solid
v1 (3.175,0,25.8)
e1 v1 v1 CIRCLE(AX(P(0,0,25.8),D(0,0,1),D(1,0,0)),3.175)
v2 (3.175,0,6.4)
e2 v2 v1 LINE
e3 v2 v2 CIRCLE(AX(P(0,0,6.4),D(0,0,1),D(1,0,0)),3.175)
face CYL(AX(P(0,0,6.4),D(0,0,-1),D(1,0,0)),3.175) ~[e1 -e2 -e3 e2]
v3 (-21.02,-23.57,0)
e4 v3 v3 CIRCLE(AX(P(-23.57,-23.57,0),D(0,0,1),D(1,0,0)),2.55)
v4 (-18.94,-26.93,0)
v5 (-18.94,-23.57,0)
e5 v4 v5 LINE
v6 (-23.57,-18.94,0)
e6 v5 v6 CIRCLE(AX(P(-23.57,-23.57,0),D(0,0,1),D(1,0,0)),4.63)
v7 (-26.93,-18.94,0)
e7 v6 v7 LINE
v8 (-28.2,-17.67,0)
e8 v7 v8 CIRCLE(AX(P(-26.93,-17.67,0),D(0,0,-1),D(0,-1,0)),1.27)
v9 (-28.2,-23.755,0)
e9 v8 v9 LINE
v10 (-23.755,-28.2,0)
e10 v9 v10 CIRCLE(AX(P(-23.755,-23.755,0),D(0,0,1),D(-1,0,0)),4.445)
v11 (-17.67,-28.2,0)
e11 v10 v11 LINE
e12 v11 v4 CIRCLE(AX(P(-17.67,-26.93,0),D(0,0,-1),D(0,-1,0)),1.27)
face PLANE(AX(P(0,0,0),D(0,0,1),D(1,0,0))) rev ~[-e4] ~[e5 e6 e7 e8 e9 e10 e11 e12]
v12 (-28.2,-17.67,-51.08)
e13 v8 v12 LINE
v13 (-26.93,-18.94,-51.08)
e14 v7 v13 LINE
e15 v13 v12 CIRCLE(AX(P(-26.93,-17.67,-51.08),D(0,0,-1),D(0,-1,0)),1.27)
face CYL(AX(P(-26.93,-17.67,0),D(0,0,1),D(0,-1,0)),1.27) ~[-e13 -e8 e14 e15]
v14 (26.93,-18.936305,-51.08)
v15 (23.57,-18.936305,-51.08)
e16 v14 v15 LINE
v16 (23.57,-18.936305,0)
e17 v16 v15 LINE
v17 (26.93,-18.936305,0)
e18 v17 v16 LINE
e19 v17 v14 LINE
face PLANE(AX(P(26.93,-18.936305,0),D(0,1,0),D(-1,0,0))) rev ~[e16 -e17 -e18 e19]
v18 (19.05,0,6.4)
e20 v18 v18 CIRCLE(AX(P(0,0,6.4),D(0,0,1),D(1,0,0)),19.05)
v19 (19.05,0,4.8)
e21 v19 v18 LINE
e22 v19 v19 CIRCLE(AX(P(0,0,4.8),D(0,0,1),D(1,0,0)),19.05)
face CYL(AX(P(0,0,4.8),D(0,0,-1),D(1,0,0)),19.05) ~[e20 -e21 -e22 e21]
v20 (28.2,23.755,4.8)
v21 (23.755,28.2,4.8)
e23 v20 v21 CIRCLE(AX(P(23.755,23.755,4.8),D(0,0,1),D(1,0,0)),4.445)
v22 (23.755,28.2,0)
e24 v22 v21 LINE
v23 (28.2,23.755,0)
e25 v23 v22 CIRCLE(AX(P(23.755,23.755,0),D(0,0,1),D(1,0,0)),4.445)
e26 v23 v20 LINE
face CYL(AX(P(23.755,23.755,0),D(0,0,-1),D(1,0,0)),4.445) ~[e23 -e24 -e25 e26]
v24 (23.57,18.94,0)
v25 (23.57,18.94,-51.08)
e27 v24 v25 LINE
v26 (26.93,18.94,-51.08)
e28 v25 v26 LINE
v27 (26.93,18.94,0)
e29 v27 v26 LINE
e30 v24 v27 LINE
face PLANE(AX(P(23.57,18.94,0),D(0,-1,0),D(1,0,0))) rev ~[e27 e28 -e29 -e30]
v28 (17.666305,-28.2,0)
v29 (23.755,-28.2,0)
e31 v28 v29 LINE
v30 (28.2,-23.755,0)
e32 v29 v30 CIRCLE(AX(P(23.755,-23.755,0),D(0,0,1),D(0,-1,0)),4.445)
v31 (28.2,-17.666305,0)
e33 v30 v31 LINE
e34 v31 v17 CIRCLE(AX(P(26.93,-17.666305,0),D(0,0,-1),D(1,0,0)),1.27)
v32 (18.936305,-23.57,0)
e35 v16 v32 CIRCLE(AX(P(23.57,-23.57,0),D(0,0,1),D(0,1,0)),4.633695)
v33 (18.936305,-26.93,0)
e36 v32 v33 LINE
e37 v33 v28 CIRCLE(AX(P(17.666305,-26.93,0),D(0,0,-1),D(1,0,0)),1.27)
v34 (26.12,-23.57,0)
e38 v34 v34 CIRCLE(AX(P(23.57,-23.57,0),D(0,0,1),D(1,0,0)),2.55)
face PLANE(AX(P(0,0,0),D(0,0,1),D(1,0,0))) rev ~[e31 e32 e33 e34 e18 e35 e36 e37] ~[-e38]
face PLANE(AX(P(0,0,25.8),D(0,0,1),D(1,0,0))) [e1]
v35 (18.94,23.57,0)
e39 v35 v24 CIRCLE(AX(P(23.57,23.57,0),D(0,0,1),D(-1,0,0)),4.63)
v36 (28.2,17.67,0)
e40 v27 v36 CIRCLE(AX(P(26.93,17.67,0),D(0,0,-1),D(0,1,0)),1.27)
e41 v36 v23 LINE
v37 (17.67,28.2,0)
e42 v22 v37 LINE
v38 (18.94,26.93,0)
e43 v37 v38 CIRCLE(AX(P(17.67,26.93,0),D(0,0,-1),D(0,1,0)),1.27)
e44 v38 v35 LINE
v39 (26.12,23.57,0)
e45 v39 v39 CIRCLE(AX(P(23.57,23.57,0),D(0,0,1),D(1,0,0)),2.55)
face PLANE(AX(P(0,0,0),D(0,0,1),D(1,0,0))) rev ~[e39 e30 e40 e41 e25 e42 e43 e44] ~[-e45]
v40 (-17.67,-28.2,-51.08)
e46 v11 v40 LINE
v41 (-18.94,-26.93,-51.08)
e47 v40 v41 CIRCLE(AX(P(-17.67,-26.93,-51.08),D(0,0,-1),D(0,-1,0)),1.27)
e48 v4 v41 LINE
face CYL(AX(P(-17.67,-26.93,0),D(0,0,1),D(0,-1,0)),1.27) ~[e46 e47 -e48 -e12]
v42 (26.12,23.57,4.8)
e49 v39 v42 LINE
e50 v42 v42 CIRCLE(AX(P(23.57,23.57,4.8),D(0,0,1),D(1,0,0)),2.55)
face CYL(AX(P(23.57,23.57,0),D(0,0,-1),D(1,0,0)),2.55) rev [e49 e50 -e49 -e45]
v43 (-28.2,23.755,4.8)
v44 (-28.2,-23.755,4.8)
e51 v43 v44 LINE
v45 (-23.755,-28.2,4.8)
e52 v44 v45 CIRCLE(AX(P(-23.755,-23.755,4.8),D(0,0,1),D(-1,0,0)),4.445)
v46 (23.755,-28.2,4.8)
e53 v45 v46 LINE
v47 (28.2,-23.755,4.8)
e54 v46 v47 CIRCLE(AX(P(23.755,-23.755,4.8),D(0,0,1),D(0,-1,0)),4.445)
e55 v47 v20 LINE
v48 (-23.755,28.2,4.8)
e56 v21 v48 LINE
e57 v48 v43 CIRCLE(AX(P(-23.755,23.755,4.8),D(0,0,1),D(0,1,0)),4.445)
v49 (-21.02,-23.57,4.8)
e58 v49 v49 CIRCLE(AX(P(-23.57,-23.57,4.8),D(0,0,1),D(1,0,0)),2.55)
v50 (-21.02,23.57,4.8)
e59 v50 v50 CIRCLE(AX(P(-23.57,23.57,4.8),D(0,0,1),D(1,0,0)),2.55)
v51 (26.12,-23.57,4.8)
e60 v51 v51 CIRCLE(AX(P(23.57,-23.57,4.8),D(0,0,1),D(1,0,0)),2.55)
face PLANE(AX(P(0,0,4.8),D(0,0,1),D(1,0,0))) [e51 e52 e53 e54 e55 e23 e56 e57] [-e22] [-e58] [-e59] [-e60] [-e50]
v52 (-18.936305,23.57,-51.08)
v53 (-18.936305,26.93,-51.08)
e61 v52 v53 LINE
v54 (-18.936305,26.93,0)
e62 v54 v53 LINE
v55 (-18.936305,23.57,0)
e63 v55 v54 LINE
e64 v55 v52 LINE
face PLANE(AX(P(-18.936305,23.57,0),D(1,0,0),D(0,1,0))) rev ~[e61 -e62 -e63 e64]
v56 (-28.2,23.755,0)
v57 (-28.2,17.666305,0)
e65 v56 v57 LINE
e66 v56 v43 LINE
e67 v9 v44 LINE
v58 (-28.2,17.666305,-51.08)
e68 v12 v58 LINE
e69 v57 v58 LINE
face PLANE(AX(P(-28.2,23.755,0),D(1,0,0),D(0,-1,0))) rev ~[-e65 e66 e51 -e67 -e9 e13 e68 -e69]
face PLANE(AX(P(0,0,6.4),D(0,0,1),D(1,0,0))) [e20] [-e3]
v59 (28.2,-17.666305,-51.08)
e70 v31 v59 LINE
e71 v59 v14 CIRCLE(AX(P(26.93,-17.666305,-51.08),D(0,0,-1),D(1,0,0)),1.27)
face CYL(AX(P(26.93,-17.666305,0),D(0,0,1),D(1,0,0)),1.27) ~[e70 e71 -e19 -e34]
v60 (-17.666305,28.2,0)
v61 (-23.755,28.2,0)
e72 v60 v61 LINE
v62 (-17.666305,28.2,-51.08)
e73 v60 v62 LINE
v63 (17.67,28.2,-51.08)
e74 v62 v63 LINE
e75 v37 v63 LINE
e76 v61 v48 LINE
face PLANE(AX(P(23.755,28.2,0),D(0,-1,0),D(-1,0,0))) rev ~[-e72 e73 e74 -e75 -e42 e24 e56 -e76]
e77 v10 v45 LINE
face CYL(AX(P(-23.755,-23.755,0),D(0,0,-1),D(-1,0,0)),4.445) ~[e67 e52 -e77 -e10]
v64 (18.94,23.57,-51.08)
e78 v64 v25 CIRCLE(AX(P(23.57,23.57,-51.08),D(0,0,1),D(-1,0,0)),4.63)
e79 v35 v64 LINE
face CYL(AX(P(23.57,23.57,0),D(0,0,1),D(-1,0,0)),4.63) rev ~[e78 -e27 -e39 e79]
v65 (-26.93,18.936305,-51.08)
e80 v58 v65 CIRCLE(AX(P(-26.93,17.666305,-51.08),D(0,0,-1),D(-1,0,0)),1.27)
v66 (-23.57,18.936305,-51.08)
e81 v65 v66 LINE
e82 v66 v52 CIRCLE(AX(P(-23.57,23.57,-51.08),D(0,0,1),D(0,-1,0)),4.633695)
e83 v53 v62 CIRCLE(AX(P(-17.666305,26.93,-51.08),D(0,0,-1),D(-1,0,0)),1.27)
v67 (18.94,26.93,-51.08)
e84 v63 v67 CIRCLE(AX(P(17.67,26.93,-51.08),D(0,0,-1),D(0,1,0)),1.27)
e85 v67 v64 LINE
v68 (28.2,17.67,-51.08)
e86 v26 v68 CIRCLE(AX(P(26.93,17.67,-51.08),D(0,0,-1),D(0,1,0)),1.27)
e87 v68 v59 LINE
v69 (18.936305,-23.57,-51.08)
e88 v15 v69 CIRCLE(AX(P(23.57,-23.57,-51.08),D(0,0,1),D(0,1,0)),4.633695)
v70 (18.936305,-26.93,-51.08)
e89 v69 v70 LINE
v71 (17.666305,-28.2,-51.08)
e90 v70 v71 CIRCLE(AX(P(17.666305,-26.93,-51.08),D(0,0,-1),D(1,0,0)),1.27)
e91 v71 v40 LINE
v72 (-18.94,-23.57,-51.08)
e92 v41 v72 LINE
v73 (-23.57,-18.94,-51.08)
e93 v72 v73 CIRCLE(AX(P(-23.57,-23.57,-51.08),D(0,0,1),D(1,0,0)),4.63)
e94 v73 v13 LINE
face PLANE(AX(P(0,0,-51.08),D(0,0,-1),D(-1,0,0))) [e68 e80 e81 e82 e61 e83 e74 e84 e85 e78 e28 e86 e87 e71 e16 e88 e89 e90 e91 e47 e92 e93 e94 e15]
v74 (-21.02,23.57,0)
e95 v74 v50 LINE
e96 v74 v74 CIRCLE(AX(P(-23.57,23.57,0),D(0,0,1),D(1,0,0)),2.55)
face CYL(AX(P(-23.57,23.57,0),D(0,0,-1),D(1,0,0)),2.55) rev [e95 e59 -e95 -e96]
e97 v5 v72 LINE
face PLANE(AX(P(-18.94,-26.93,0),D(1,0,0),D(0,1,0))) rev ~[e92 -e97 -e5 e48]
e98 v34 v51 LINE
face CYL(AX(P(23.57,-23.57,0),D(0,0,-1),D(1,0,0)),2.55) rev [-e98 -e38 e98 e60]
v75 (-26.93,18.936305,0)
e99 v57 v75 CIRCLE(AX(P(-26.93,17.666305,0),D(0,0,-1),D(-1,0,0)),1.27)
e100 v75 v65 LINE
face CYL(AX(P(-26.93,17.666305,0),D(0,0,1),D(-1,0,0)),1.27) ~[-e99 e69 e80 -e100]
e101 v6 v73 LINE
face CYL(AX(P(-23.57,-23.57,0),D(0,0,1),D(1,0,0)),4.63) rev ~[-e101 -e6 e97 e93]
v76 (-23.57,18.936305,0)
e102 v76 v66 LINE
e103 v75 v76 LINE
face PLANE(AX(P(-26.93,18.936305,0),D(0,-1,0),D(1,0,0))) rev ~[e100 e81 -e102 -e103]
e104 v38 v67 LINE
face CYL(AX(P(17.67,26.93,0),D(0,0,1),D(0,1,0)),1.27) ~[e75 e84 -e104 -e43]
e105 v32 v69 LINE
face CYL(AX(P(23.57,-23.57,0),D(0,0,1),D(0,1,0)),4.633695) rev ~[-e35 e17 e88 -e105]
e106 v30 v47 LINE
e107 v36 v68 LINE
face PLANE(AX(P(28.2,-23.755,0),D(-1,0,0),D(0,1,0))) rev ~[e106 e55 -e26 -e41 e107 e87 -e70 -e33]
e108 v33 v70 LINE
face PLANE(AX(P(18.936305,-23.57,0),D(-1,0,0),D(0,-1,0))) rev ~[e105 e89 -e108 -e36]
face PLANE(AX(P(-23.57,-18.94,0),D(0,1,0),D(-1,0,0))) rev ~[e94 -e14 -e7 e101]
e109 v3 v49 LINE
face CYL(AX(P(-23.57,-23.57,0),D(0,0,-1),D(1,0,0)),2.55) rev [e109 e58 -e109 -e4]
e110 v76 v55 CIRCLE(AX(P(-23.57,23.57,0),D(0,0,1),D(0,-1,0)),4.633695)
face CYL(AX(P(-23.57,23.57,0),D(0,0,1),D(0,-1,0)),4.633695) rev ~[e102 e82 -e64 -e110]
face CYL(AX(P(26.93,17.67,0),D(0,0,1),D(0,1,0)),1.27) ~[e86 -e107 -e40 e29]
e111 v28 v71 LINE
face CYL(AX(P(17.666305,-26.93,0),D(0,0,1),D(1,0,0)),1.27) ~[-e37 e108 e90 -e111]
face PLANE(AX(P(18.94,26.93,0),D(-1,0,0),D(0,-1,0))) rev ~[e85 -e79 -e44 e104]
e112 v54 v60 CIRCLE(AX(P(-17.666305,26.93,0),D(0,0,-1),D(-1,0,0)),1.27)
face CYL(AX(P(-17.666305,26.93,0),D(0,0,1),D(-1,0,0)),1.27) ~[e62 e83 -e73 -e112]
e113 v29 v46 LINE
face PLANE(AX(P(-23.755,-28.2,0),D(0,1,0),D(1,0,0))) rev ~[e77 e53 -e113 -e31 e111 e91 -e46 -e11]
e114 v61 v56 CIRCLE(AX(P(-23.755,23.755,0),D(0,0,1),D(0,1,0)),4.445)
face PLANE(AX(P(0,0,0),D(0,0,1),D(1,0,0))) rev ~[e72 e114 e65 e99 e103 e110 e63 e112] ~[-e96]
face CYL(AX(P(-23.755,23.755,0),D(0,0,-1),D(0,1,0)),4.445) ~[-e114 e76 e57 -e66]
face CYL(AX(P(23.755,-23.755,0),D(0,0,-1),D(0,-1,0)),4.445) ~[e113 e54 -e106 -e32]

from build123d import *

# Parameters (mm, degrees)
SKETCH1_R           = 2.55
BOSS_EXTRUDE1_DEPTH = 4.8
BOSS_EXTRUDE2_DEPTH = 51.08
SKETCH3_R           = 19.05
BOSS_EXTRUDE3_DEPTH = 1.6
SKETCH4_R           = 3.175
BOSS_EXTRUDE8_DEPTH = 19.4


with BuildPart() as part:
    # Sketch1 → Boss-Extrude1 (new body)
    with BuildSketch(Plane.XY):
        with BuildLine():
            Line((-23.755, -28.2), (23.755, -28.2))
            ThreePointArc((23.755, -28.2), (26.898089642, -26.898089642), (28.2, -23.755))
            Line((28.2, -23.755), (28.2, 23.755))
            ThreePointArc((28.2, 23.755), (26.898089642, 26.898089642), (23.755, 28.2))
            Line((23.755, 28.2), (-23.755, 28.2))
            ThreePointArc((-23.755, 28.2), (-26.898089642, 26.898089642), (-28.2, 23.755))
            Line((-28.2, 23.755), (-28.2, -23.755))
            ThreePointArc((-28.2, -23.755), (-26.898089642, -26.898089642), (-23.755, -28.2))
        make_face()
        with Locations((-23.57, 23.57)):
            Circle(SKETCH1_R, mode=Mode.SUBTRACT)
        with Locations((23.57, 23.57)):
            Circle(SKETCH1_R, mode=Mode.SUBTRACT)
        with Locations((23.57, -23.57)):
            Circle(SKETCH1_R, mode=Mode.SUBTRACT)
        with Locations((-23.57, -23.57)):
            Circle(SKETCH1_R, mode=Mode.SUBTRACT)
    extrude(amount=BOSS_EXTRUDE1_DEPTH)

    # Sketch2 → Boss-Extrude2 (add)
    with BuildSketch(Plane(origin=(0, 0, 0), x_dir=(-1, 0, 0), z_dir=(0, 0, -1))):
        with BuildLine():
            Line((23.57, -18.94), (26.93, -18.94))
            ThreePointArc((26.93, -18.94), (27.828025612, -18.568025612), (28.2, -17.67))
            Line((28.2, -17.67), (28.2, 17.66630547))
            ThreePointArc((28.2, 17.66630547), (27.828025612, 18.564331082), (26.93, 18.93630547))
            Line((26.93, 18.93630547), (23.57, 18.93630547))
            ThreePointArc((23.57, 18.93630547), (20.293483176, 20.293483176), (18.93630547, 23.57))
            Line((18.93630547, 23.57), (18.93630547, 26.93))
            ThreePointArc((18.93630547, 26.93), (18.564331082, 27.828025612), (17.66630547, 28.2))
            Line((17.66630547, 28.2), (-17.67, 28.2))
            ThreePointArc((-17.67, 28.2), (-18.568025612, 27.828025612), (-18.94, 26.93))
            Line((-18.94, 26.93), (-18.94, 23.57))
            ThreePointArc((-18.94, 23.57), (-20.296095603, 20.296095603), (-23.57, 18.94))
            Line((-23.57, 18.94), (-26.93, 18.94))
            ThreePointArc((-26.93, 18.94), (-27.828025612, 18.568025612), (-28.2, 17.67))
            Line((-28.2, 17.67), (-28.2, -17.66630547))
            ThreePointArc((-28.2, -17.66630547), (-27.828025612, -18.564331082), (-26.93, -18.93630547))
            Line((-26.93, -18.93630547), (-23.57, -18.93630547))
            ThreePointArc((-23.57, -18.93630547), (-20.293483176, -20.293483176), (-18.93630547, -23.57))
            Line((-18.93630547, -23.57), (-18.93630547, -26.93))
            ThreePointArc((-18.93630547, -26.93), (-18.564331082, -27.828025612), (-17.66630547, -28.2))
            Line((-17.66630547, -28.2), (17.67, -28.2))
            ThreePointArc((17.67, -28.2), (18.568025612, -27.828025612), (18.94, -26.93))
            Line((18.94, -26.93), (18.94, -23.57))
            ThreePointArc((18.94, -23.57), (20.296095603, -20.296095603), (23.57, -18.94))
        make_face()
    extrude(amount=BOSS_EXTRUDE2_DEPTH)

    # Sketch3 → Boss-Extrude3 (add)
    with BuildSketch(Plane.XY.offset(4.8)):
        Circle(SKETCH3_R)
    extrude(amount=BOSS_EXTRUDE3_DEPTH)

    # Sketch4 → Boss-Extrude8 (add)
    with BuildSketch(Plane.XY.offset(6.4)):
        Circle(SKETCH4_R)
    extrude(amount=BOSS_EXTRUDE8_DEPTH)


solid = part.part
